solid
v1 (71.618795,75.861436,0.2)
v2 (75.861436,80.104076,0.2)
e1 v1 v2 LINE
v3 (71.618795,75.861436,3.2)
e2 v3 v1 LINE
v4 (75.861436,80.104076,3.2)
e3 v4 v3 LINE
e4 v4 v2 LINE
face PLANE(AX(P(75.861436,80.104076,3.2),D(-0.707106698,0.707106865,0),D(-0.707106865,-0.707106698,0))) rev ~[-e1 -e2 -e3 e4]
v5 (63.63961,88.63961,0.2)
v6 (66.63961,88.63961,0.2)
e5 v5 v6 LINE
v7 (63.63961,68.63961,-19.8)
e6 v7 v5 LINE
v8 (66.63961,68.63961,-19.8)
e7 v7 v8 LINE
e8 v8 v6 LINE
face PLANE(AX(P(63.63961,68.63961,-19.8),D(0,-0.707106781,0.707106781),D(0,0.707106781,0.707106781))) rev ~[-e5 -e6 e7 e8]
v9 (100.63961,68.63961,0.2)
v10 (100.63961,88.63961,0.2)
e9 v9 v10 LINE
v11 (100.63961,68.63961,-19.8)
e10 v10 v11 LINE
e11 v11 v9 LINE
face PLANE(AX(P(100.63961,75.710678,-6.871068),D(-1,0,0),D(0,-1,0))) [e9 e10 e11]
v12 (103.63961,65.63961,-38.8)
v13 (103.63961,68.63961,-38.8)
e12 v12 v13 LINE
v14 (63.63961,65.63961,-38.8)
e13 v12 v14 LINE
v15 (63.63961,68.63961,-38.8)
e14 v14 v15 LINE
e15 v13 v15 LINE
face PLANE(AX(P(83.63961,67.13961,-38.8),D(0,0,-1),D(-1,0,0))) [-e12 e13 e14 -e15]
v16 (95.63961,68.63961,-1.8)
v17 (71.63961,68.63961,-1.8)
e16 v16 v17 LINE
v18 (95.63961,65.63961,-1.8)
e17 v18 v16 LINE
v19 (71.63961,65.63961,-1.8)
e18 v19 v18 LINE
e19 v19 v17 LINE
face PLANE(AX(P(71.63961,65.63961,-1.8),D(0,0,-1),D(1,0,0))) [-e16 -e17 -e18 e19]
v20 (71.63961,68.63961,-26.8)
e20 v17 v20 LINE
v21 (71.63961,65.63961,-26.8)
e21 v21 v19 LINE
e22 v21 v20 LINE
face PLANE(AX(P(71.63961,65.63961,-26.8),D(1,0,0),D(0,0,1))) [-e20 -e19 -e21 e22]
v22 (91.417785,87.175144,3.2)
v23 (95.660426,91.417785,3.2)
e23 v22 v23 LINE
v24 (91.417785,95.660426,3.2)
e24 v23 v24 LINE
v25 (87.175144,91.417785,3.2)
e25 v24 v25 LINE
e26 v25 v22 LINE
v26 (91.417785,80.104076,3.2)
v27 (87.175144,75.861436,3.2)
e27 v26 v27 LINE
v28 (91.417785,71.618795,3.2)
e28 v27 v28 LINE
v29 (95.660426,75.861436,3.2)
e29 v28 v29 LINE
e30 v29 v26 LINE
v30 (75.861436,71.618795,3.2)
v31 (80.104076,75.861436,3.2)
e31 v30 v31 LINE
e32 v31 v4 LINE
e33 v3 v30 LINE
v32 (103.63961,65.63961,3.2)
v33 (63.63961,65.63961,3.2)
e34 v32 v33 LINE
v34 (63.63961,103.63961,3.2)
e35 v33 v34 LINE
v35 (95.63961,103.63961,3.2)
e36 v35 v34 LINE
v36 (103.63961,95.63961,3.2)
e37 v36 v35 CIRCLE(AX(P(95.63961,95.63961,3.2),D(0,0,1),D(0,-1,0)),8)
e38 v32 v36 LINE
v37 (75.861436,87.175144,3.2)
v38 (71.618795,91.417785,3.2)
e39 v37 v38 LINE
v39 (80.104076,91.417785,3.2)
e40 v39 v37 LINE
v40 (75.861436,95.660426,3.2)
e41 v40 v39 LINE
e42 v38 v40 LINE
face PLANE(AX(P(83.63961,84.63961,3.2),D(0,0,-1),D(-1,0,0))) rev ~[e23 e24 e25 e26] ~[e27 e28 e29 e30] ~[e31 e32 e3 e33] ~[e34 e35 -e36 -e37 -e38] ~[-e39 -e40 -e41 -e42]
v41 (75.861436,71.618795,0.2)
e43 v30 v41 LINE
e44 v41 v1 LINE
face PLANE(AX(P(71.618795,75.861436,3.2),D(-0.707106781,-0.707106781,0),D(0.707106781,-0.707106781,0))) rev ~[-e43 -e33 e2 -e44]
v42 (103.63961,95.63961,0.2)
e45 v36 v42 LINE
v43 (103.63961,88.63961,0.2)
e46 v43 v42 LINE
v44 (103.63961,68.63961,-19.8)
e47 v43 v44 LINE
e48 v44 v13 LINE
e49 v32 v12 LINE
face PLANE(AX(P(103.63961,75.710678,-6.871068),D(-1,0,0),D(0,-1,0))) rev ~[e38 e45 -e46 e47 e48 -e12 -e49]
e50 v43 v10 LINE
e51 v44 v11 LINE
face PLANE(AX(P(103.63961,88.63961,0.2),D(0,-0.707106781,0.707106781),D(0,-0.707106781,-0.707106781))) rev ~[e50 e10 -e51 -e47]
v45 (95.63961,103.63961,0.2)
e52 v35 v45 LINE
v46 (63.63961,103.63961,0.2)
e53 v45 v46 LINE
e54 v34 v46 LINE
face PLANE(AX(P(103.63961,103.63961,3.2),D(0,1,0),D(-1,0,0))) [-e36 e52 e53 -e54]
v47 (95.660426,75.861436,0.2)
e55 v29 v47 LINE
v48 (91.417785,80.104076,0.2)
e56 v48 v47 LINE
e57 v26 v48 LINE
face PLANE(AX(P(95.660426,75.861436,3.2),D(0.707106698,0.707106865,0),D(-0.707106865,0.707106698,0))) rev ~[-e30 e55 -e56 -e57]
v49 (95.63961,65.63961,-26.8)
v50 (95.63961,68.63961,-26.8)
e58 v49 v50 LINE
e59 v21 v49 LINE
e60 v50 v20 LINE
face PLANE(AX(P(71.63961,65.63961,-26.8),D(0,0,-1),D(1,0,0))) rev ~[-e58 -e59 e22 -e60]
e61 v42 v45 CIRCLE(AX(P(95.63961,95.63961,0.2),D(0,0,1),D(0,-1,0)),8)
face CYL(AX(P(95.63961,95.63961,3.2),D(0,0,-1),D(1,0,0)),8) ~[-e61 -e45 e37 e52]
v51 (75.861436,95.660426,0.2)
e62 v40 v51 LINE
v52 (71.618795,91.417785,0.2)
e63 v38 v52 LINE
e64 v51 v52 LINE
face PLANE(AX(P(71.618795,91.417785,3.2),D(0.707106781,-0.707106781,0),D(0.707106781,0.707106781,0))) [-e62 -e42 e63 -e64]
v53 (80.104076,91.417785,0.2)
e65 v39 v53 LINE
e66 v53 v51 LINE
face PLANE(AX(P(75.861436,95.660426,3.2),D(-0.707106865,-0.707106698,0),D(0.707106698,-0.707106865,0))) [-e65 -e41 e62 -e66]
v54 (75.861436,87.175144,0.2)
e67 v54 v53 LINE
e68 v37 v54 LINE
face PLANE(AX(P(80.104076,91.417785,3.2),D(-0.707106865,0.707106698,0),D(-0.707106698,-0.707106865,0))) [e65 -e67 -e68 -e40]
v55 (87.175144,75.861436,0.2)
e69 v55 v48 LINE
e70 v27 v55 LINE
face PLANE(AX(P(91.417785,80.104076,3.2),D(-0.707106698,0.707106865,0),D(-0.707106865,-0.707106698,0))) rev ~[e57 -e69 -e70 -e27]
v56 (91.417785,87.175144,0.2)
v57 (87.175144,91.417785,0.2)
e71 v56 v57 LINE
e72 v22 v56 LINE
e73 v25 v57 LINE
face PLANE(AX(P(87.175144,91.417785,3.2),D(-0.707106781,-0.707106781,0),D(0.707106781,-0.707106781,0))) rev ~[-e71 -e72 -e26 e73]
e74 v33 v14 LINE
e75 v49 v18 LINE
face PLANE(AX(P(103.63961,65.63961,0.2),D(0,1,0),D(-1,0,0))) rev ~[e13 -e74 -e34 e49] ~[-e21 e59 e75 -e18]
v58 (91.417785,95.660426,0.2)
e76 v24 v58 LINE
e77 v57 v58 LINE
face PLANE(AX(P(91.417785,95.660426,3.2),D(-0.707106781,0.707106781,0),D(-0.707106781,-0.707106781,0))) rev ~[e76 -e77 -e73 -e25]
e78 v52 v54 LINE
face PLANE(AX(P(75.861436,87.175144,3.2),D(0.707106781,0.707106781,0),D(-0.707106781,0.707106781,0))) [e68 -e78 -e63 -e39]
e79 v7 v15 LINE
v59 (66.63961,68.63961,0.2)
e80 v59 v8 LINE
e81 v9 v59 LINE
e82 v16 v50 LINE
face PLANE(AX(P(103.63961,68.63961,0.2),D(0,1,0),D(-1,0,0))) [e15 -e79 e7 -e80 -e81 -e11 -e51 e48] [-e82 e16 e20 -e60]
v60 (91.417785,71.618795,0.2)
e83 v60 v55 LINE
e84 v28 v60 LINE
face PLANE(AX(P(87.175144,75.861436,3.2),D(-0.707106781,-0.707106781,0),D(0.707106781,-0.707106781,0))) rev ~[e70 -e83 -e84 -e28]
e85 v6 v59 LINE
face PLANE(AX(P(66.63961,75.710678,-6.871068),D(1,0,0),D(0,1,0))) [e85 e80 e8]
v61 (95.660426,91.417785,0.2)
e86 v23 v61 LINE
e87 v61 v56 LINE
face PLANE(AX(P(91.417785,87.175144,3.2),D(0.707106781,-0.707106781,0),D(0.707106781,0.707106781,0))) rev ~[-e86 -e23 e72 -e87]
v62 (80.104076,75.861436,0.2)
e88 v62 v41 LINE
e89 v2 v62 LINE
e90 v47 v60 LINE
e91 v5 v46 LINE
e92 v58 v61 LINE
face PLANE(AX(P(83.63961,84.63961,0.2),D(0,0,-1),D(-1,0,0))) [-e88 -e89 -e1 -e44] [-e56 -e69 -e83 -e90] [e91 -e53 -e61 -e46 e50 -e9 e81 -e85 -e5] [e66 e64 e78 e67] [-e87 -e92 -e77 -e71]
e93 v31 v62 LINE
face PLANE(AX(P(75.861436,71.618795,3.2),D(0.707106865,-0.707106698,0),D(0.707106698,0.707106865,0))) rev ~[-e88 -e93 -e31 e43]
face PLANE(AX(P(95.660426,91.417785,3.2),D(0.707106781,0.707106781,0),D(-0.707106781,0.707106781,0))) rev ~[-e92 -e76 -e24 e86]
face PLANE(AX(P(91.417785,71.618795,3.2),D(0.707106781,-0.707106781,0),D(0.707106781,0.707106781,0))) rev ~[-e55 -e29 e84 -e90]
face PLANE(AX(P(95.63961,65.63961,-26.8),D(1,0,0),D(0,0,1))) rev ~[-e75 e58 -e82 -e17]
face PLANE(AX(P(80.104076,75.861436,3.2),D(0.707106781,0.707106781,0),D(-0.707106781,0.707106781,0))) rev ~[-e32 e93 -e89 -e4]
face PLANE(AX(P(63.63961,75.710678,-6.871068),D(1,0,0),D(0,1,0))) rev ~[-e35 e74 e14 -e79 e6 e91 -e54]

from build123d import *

# Parameters (mm, degrees)
SKETCH027_W             = 40
SKETCH027_H             = 38
PAD018_DEPTH            = 3
SKETCH028_W             = 40
SKETCH028_H             = 3
PAD019_DEPTH            = 39
SKETCH029_R             = 1.5
SKETCH029_W             = 24
SKETCH029_H             = 25
POCKET009_DEPTH         = 5
POCKET010_DEPTH         = 5
PAD020_DEPTH            = 3
PAD021_DEPTH            = 3
FILLET012_R             = 8
BODY006_PLACEMENT_ANGLE = 180


with BuildPart() as part:
    # Sketch027 (on Face1 of Binder004) → Pad018 (new body)
    with BuildSketch(Plane(origin=(0, 0, 3.2), x_dir=(1, 0, 0), z_dir=(0, 0, -1))):
        with Locations((-83.6396103068, 84.6396103068)):
            Rectangle(SKETCH027_W, SKETCH027_H)
    extrude(amount=PAD018_DEPTH)

    # Sketch028 (on Face6 of Pad018) → Pad019 (join)
    with BuildSketch(Plane(origin=(0, 0, 0.2), x_dir=(1, 0, 0), z_dir=(0, 0, -1))):
        with Locations((-83.6396103068, 67.1396103068)):
            Rectangle(SKETCH028_W, SKETCH028_H)
    extrude(amount=PAD019_DEPTH)

    # Sketch029 (on Face7 of Pad019) → Pocket009 (cut)
    with BuildSketch(Plane(origin=(0, -65.6396103068, 0), x_dir=(-1, 0, 0), z_dir=(0, 1, 0))):
        with Locations((-92.5127987438, -33.2127134049)):
            Circle(SKETCH029_R)
        with Locations((-73.1038955613, -33.2)):
            Circle(SKETCH029_R)
        with Locations((83.6396103068, -14.3)):
            Rectangle(SKETCH029_W, SKETCH029_H)
    extrude(amount=-POCKET009_DEPTH, mode=Mode.SUBTRACT)

    # Sketch030 (on Face4 of Pocket009) → Pocket010 (cut)
    with BuildSketch(Plane.XY.offset(3.2)):
        Polygon((-91.417785, -87.175144), (-95.660426, -91.417785), (-91.417785, -95.660426), (-87.175144, -91.417785), align=None)
        Polygon((-80.104076, -91.417785), (-75.861436, -87.175144), (-71.618795, -91.417785), (-75.861436, -95.660426), align=None)
        Polygon((-91.417785, -80.104076), (-87.175144, -75.861436), (-91.417785, -71.618795), (-95.660426, -75.861436), align=None)
        Polygon((-80.104076, -75.861436), (-75.861436, -80.104076), (-71.618795, -75.861436), (-75.861436, -71.618795), align=None)
    extrude(amount=-POCKET010_DEPTH, mode=Mode.SUBTRACT)

    # Sketch031 (on Face3 of Pocket010) → Pad020 (join)
    with BuildSketch(Plane(origin=(-103.6396103068, 0, 0), x_dir=(0, -1, 0), z_dir=(-1, 0, 0))):
        Polygon((88.6396103068, 0.2), (68.6396103068, -19.8), (68.6396103068, 0.2), align=None)
    extrude(amount=-PAD020_DEPTH)

    # Sketch032 (on Face2 of Pad020) → Pad021 (join)
    with BuildSketch(Plane.YZ.offset(-63.6396103068)):
        Polygon((-88.6396103068, 0.2), (-68.6396103068, 0.2), (-68.6396103068, -19.8), align=None)
    extrude(amount=-PAD021_DEPTH)

    # Fillet012
    fillet012_edges = [part.edges().sort_by_distance(p)[0] for p in [
        (-103.63961, -103.63961, 1.7),
    ]]
    fillet(fillet012_edges, radius=FILLET012_R)


with BuildPart() as part_1:
    # Body006 placement: moved
    add(part.part.rotate(Axis((0, 0, 0), (0, 0, 1)), BODY006_PLACEMENT_ANGLE))


solid = part_1.part
